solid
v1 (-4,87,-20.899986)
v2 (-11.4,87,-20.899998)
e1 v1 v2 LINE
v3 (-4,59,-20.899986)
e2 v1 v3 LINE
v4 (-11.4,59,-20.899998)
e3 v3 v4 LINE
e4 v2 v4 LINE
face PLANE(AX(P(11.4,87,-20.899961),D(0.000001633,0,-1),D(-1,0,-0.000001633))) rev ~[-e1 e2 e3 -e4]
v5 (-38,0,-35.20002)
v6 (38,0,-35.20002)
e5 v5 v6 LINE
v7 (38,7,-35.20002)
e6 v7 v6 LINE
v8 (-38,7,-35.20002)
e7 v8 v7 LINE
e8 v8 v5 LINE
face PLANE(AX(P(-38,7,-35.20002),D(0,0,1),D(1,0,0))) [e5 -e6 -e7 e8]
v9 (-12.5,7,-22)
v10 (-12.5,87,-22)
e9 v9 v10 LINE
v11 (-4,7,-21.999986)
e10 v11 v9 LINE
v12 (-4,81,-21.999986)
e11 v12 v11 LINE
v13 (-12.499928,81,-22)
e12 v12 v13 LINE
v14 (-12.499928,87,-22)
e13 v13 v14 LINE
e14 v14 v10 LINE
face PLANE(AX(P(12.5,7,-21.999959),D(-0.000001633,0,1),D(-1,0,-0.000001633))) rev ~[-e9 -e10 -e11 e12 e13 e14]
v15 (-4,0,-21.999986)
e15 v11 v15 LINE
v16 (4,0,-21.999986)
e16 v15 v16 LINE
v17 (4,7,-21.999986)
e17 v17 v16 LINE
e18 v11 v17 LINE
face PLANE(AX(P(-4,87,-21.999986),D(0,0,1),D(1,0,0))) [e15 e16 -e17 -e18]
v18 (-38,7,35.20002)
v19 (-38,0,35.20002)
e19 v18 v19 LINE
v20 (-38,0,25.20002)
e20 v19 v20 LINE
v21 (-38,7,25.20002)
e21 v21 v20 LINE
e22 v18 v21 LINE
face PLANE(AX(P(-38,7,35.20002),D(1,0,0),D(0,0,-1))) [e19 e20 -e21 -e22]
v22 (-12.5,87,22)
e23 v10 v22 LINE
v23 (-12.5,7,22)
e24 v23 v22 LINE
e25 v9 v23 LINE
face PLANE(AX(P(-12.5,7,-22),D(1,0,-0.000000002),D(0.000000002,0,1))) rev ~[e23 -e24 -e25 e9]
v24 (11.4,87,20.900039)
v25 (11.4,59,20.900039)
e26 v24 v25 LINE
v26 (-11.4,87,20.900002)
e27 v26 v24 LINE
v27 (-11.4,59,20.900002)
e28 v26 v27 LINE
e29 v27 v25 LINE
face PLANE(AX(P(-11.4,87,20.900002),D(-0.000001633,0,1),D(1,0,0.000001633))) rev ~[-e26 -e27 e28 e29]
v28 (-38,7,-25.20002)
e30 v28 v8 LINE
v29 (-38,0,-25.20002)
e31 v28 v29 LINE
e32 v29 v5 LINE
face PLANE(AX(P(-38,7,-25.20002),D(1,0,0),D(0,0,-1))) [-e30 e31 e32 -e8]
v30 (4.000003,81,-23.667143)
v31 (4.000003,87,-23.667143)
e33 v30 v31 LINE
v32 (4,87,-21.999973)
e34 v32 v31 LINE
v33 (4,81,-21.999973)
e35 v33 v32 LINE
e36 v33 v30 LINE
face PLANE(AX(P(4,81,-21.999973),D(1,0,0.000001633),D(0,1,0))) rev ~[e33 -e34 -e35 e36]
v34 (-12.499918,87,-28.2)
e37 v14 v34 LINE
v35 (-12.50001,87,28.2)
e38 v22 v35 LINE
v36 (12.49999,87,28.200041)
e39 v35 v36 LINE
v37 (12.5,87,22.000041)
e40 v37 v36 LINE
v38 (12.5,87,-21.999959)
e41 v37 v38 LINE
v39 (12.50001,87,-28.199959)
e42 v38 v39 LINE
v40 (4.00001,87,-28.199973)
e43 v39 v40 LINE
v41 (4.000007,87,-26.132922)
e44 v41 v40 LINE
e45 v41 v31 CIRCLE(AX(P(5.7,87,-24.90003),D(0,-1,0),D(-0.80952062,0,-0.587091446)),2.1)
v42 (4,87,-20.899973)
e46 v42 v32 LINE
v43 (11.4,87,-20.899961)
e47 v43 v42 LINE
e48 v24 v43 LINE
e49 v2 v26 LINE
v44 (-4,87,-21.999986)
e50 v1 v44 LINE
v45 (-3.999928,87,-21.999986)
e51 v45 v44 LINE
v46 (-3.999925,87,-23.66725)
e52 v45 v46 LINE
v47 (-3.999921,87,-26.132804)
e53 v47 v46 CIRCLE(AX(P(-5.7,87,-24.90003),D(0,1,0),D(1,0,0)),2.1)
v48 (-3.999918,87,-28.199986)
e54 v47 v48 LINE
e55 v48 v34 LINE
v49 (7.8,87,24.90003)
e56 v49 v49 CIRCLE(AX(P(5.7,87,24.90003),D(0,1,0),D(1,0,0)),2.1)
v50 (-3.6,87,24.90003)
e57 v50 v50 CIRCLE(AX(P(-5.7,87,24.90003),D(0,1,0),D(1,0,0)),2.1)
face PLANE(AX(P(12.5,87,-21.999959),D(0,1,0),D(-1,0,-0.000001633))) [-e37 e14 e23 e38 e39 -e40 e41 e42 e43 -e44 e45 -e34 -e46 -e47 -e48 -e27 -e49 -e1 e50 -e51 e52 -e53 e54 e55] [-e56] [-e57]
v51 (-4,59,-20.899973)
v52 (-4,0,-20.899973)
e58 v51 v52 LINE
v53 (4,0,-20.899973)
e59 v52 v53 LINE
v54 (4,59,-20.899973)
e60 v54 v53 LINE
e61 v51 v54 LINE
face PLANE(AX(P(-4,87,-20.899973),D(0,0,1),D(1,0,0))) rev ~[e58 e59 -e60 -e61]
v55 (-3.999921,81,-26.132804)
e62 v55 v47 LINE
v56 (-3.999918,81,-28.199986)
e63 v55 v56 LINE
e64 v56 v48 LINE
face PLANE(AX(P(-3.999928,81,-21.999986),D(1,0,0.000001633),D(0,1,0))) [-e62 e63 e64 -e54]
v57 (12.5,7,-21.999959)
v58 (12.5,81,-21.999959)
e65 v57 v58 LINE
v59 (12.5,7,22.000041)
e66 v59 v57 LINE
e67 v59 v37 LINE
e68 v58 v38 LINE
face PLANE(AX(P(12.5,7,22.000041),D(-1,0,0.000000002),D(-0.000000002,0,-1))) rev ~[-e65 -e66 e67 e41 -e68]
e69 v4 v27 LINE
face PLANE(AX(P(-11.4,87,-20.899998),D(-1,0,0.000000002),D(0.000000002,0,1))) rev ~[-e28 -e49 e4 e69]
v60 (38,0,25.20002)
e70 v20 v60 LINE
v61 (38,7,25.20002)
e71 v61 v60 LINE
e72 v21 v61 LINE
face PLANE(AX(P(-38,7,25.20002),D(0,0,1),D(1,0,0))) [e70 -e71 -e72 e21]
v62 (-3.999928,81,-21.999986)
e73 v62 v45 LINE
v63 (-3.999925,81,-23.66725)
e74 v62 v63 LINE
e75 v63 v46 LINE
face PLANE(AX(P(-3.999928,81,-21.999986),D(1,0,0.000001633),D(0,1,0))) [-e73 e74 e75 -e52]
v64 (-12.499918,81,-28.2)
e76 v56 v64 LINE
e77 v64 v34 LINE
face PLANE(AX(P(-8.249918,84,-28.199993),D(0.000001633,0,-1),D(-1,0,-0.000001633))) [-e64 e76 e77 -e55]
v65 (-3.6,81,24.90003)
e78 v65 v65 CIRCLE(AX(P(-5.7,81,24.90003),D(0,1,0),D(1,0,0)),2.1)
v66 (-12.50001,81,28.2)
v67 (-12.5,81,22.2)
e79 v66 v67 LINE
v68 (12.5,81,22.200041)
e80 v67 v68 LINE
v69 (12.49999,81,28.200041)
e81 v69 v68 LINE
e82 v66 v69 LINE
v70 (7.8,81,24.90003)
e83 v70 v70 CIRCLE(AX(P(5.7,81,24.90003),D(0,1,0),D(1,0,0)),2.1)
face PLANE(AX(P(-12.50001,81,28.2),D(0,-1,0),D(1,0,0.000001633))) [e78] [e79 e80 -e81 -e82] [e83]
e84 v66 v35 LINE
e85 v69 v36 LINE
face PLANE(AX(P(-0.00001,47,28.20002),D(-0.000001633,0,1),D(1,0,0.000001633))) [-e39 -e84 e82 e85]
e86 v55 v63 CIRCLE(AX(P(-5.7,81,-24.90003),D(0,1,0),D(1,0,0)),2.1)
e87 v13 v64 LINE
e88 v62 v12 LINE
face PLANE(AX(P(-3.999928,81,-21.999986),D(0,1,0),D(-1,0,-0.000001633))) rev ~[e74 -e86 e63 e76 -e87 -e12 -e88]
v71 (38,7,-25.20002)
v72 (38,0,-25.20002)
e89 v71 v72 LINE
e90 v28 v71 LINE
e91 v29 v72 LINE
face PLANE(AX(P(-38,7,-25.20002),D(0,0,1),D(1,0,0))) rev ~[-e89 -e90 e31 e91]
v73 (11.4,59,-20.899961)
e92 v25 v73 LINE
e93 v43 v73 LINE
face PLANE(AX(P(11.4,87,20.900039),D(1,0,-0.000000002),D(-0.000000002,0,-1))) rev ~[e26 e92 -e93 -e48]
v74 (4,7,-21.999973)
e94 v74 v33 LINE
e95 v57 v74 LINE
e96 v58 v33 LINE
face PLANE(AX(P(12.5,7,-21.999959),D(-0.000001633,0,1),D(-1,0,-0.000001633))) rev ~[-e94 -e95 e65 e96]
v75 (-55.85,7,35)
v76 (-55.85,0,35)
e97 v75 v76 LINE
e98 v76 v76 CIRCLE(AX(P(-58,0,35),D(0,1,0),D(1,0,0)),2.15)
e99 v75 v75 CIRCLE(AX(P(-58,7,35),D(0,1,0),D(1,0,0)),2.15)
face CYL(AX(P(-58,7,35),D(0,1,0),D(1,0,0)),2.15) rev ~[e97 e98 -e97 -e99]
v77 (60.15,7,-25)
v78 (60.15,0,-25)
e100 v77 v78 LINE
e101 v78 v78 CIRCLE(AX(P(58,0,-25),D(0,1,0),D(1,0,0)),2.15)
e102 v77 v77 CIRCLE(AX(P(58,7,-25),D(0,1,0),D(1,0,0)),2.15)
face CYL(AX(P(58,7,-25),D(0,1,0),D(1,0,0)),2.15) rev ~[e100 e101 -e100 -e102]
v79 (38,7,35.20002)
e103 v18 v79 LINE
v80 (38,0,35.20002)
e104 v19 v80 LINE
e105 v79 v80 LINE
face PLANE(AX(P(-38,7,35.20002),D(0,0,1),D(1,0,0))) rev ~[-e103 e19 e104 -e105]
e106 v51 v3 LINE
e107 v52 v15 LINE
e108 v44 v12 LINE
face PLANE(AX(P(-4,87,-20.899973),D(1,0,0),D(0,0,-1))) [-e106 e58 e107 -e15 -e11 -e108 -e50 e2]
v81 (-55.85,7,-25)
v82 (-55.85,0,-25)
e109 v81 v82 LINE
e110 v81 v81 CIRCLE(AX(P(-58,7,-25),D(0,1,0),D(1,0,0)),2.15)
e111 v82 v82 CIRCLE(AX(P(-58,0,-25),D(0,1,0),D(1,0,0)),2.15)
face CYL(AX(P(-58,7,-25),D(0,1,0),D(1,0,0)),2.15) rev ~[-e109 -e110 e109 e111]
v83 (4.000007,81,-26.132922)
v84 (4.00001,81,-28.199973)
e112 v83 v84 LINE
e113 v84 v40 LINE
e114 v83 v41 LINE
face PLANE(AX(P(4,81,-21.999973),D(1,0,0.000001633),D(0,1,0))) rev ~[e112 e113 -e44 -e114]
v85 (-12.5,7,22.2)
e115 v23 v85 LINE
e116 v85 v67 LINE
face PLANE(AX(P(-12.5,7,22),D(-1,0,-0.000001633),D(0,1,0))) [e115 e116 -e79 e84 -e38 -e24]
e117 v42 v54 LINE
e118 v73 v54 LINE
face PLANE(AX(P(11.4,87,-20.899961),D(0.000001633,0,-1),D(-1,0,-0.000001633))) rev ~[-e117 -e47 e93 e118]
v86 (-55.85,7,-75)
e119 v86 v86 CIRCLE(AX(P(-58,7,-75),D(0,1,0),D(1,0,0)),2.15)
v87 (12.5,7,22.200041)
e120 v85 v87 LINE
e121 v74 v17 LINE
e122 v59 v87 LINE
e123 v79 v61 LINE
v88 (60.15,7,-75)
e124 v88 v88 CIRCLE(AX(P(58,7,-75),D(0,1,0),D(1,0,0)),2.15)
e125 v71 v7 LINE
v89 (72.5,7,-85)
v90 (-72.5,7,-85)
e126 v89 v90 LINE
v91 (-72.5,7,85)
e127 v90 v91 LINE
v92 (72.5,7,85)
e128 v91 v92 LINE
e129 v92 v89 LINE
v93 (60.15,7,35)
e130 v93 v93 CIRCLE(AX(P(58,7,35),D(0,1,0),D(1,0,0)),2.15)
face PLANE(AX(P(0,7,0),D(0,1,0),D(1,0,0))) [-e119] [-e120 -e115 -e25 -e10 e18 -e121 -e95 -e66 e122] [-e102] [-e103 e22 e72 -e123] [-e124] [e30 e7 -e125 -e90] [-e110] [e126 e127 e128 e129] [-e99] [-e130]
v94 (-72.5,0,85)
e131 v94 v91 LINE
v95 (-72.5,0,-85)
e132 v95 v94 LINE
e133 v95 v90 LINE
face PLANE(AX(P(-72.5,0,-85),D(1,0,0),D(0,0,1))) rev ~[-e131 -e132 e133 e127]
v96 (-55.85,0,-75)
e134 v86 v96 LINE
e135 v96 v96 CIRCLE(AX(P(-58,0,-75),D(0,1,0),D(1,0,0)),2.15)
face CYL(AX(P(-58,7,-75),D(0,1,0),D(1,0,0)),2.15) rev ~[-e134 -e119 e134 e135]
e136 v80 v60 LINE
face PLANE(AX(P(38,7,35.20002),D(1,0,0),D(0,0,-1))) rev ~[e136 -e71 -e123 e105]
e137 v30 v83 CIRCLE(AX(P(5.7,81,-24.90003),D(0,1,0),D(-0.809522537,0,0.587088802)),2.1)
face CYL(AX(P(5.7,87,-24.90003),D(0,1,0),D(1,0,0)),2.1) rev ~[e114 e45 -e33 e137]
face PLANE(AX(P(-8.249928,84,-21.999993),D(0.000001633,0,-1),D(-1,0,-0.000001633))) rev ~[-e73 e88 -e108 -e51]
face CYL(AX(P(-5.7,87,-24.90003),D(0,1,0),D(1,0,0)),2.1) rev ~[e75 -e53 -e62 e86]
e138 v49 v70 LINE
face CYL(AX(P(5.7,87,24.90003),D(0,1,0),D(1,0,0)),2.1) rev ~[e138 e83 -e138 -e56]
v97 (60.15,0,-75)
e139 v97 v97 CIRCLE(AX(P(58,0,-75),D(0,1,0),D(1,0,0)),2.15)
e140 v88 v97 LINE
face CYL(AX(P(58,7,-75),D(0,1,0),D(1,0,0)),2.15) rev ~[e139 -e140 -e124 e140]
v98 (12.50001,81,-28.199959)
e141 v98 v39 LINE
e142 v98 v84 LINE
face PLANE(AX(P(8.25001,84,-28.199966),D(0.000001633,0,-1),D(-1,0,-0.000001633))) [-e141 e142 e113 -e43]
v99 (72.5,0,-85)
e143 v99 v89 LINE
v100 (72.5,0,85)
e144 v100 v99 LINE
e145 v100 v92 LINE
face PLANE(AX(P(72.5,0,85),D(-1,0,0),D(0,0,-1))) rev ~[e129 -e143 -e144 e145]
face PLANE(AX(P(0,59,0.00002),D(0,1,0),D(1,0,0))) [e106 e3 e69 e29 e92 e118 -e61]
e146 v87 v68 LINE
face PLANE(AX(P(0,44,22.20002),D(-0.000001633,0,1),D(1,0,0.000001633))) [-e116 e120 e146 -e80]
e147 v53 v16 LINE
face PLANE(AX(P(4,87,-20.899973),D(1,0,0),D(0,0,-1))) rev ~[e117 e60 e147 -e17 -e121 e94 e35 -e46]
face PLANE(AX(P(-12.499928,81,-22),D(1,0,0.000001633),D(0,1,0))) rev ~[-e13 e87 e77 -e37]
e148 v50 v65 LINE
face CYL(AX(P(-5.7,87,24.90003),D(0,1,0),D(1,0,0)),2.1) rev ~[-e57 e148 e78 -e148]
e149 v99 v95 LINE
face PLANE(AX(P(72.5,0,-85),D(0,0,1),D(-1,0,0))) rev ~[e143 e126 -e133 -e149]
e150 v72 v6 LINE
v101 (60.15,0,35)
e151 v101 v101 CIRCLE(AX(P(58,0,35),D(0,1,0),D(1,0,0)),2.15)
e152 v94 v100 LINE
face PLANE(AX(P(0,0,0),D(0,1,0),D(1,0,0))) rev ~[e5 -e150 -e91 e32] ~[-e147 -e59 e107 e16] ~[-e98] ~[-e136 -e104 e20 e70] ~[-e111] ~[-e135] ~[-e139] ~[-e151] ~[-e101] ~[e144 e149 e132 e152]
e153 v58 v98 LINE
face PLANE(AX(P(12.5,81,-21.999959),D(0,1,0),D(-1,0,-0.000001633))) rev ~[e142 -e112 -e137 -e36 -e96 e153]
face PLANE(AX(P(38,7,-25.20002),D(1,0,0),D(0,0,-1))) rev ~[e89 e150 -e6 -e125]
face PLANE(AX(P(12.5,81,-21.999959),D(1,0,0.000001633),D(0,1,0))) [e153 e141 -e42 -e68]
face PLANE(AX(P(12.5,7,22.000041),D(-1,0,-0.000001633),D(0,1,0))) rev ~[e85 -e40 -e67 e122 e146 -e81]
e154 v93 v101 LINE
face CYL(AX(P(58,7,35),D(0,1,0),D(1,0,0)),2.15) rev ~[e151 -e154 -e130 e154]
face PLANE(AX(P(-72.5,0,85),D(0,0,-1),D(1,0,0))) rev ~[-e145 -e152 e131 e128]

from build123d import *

# Parameters (mm, degrees)
BOSS_EXTRUDE1_DEPTH = 7
BOSS_EXTRUDE2_DEPTH = 80
CUT_EXTRUDE1_DEPTH  = 28
SKETCH4_W           = 8
SKETCH4_H           = 1.100013063
CUT_EXTRUDE2_DEPTH  = 88
SKETCH5_W           = 25
SKETCH5_H           = 80
BOSS_EXTRUDE3_DEPTH = 6.2
SKETCH8_R           = 2.1
CUT_EXTRUDE3_DEPTH  = 6
SKETCH13_W          = 25
SKETCH13_H          = 74
CUT_EXTRUDE11_DEPTH = 6
SKETCH15_W          = 8.5
SKETCH15_H          = 6
BOSS_EXTRUDE6_DEPTH = 6.2
SKETCH16_R          = 2.1
CUT_EXTRUDE12_DEPTH = 6.2
SKETCH17_R          = 2.15
CUT_EXTRUDE13_DEPTH = 8
SKETCH18_W          = 76
SKETCH18_H          = 10
CUT_EXTRUDE14_DEPTH = 8


with BuildPart() as part:
    # Sketch1 → Boss-Extrude1 (new body)
    with BuildSketch(Plane(origin=(0, 0, 0), x_dir=(1, 0, 0), z_dir=(0, 1, 0))):
        Polygon((-72.5, -85), (72.5, -85), (72.5, 85), (12.5, 85), (-12.5, 85), (-72.5, 85), align=None)
    extrude(amount=BOSS_EXTRUDE1_DEPTH)

    # Sketch2 → Boss-Extrude2 (add)
    with BuildSketch(Plane(origin=(0, 7, 0), x_dir=(1, 0, 0), z_dir=(0, 1, 0))):
        Polygon((12.5, 21.999959178), (-12.5, 22), (-12.499999895, -22), (12.500000105, -22.000040822), align=None)
    extrude(amount=BOSS_EXTRUDE2_DEPTH)

    # Sketch3 → Cut-Extrude1 (cut)
    with BuildSketch(Plane(origin=(0, 87, 0), x_dir=(1, 0, 0), z_dir=(0, 1, 0))):
        Polygon((-11.399999997, 20.899998204), (-11.399999897, -20.900001796), (11.400000102, -20.900039025), (11.400000003, 20.899960975), align=None)
    extrude(amount=-CUT_EXTRUDE1_DEPTH, mode=Mode.SUBTRACT)

    # Sketch4 → Cut-Extrude2 (cut, through all)
    with BuildSketch(Plane(origin=(0, 87, 0), x_dir=(1, 0, 0), z_dir=(0, 1, 0))):
        with Locations((0, 21.44997959)):
            Rectangle(SKETCH4_W, SKETCH4_H)
    extrude(amount=-CUT_EXTRUDE2_DEPTH, mode=Mode.SUBTRACT)

    # Sketch5 → Boss-Extrude3 (add)
    with BuildSketch(Plane(origin=(-3.5923e-05, 0, 22.000020411), x_dir=(1, 0, 1.633e-06), z_dir=(-1.633e-06, 0, 1))):
        with Locations((3.6028e-05, 47)):
            Rectangle(SKETCH5_W, SKETCH5_H)
    extrude(amount=BOSS_EXTRUDE3_DEPTH)

    # Sketch8 → Cut-Extrude3 (cut)
    with BuildSketch(Plane(origin=(0, 87, 0), x_dir=(1, 0, 0), z_dir=(0, 1, 0))):
        with Locations((5.700000051, -24.900029718)):
            Circle(SKETCH8_R)
        with Locations((-5.700000051, -24.900029718)):
            Circle(SKETCH8_R)
    extrude(amount=-CUT_EXTRUDE3_DEPTH, mode=Mode.SUBTRACT)

    # Sketch13 → Cut-Extrude11 (cut)
    with BuildSketch(Plane(origin=(-4.6047e-05, 0, 28.200020411), x_dir=(1, 0, 1.633e-06), z_dir=(-1.633e-06, 0, 1))):
        with Locations((3.6028e-05, 44)):
            Rectangle(SKETCH13_W, SKETCH13_H)
    extrude(amount=-CUT_EXTRUDE11_DEPTH, mode=Mode.SUBTRACT)

    # Sketch15 → Boss-Extrude6 (add)
    with BuildSketch(Plane(origin=(3.5923e-05, 0, -21.999979589), x_dir=(-1, 0, -1.633e-06), z_dir=(1.633e-06, 0, -1))):
        with Locations((-8.249964077, 84)):
            Rectangle(SKETCH15_W, SKETCH15_H)
        with Locations((8.249964077, 84)):
            Rectangle(SKETCH15_W, SKETCH15_H)
    extrude(amount=BOSS_EXTRUDE6_DEPTH)

    # Sketch16 → Cut-Extrude12 (cut)
    with BuildSketch(Plane(origin=(0, 87, 0), x_dir=(1, 0, 0), z_dir=(0, 1, 0))):
        with Locations((5.700000051, -24.900029718)):
            Circle(SKETCH16_R)
        with Locations((-5.700000051, -24.900029718)):
            Circle(SKETCH16_R)
        with Locations((5.700000051, 24.900029718)):
            Circle(SKETCH16_R)
        with Locations((-5.700000051, 24.900029718)):
            Circle(SKETCH16_R)
    extrude(amount=-CUT_EXTRUDE12_DEPTH, mode=Mode.SUBTRACT)

    # Sketch17 → Cut-Extrude13 (cut, through all)
    with BuildSketch(Plane(origin=(0, 7, 0), x_dir=(1, 0, 0), z_dir=(0, 1, 0))):
        with Locations((-58, 75)):
            Circle(SKETCH17_R)
        with Locations((-58, 25)):
            Circle(SKETCH17_R)
        with Locations((-58, -35)):
            Circle(SKETCH17_R)
        with Locations((58, -35)):
            Circle(SKETCH17_R)
        with Locations((58, 25)):
            Circle(SKETCH17_R)
        with Locations((58, 75)):
            Circle(SKETCH17_R)
    extrude(amount=-CUT_EXTRUDE13_DEPTH, mode=Mode.SUBTRACT)

    # Sketch18 → Cut-Extrude14 (cut, through all)
    with BuildSketch(Plane(origin=(0, 7, 0), x_dir=(1, 0, 0), z_dir=(0, 1, 0))):
        with Locations((0, 30.200020411)):
            Rectangle(SKETCH18_W, SKETCH18_H)
        with Locations((0, -30.200020411)):
            Rectangle(SKETCH18_W, SKETCH18_H)
    extrude(amount=-CUT_EXTRUDE14_DEPTH, mode=Mode.SUBTRACT)


solid = part.part
